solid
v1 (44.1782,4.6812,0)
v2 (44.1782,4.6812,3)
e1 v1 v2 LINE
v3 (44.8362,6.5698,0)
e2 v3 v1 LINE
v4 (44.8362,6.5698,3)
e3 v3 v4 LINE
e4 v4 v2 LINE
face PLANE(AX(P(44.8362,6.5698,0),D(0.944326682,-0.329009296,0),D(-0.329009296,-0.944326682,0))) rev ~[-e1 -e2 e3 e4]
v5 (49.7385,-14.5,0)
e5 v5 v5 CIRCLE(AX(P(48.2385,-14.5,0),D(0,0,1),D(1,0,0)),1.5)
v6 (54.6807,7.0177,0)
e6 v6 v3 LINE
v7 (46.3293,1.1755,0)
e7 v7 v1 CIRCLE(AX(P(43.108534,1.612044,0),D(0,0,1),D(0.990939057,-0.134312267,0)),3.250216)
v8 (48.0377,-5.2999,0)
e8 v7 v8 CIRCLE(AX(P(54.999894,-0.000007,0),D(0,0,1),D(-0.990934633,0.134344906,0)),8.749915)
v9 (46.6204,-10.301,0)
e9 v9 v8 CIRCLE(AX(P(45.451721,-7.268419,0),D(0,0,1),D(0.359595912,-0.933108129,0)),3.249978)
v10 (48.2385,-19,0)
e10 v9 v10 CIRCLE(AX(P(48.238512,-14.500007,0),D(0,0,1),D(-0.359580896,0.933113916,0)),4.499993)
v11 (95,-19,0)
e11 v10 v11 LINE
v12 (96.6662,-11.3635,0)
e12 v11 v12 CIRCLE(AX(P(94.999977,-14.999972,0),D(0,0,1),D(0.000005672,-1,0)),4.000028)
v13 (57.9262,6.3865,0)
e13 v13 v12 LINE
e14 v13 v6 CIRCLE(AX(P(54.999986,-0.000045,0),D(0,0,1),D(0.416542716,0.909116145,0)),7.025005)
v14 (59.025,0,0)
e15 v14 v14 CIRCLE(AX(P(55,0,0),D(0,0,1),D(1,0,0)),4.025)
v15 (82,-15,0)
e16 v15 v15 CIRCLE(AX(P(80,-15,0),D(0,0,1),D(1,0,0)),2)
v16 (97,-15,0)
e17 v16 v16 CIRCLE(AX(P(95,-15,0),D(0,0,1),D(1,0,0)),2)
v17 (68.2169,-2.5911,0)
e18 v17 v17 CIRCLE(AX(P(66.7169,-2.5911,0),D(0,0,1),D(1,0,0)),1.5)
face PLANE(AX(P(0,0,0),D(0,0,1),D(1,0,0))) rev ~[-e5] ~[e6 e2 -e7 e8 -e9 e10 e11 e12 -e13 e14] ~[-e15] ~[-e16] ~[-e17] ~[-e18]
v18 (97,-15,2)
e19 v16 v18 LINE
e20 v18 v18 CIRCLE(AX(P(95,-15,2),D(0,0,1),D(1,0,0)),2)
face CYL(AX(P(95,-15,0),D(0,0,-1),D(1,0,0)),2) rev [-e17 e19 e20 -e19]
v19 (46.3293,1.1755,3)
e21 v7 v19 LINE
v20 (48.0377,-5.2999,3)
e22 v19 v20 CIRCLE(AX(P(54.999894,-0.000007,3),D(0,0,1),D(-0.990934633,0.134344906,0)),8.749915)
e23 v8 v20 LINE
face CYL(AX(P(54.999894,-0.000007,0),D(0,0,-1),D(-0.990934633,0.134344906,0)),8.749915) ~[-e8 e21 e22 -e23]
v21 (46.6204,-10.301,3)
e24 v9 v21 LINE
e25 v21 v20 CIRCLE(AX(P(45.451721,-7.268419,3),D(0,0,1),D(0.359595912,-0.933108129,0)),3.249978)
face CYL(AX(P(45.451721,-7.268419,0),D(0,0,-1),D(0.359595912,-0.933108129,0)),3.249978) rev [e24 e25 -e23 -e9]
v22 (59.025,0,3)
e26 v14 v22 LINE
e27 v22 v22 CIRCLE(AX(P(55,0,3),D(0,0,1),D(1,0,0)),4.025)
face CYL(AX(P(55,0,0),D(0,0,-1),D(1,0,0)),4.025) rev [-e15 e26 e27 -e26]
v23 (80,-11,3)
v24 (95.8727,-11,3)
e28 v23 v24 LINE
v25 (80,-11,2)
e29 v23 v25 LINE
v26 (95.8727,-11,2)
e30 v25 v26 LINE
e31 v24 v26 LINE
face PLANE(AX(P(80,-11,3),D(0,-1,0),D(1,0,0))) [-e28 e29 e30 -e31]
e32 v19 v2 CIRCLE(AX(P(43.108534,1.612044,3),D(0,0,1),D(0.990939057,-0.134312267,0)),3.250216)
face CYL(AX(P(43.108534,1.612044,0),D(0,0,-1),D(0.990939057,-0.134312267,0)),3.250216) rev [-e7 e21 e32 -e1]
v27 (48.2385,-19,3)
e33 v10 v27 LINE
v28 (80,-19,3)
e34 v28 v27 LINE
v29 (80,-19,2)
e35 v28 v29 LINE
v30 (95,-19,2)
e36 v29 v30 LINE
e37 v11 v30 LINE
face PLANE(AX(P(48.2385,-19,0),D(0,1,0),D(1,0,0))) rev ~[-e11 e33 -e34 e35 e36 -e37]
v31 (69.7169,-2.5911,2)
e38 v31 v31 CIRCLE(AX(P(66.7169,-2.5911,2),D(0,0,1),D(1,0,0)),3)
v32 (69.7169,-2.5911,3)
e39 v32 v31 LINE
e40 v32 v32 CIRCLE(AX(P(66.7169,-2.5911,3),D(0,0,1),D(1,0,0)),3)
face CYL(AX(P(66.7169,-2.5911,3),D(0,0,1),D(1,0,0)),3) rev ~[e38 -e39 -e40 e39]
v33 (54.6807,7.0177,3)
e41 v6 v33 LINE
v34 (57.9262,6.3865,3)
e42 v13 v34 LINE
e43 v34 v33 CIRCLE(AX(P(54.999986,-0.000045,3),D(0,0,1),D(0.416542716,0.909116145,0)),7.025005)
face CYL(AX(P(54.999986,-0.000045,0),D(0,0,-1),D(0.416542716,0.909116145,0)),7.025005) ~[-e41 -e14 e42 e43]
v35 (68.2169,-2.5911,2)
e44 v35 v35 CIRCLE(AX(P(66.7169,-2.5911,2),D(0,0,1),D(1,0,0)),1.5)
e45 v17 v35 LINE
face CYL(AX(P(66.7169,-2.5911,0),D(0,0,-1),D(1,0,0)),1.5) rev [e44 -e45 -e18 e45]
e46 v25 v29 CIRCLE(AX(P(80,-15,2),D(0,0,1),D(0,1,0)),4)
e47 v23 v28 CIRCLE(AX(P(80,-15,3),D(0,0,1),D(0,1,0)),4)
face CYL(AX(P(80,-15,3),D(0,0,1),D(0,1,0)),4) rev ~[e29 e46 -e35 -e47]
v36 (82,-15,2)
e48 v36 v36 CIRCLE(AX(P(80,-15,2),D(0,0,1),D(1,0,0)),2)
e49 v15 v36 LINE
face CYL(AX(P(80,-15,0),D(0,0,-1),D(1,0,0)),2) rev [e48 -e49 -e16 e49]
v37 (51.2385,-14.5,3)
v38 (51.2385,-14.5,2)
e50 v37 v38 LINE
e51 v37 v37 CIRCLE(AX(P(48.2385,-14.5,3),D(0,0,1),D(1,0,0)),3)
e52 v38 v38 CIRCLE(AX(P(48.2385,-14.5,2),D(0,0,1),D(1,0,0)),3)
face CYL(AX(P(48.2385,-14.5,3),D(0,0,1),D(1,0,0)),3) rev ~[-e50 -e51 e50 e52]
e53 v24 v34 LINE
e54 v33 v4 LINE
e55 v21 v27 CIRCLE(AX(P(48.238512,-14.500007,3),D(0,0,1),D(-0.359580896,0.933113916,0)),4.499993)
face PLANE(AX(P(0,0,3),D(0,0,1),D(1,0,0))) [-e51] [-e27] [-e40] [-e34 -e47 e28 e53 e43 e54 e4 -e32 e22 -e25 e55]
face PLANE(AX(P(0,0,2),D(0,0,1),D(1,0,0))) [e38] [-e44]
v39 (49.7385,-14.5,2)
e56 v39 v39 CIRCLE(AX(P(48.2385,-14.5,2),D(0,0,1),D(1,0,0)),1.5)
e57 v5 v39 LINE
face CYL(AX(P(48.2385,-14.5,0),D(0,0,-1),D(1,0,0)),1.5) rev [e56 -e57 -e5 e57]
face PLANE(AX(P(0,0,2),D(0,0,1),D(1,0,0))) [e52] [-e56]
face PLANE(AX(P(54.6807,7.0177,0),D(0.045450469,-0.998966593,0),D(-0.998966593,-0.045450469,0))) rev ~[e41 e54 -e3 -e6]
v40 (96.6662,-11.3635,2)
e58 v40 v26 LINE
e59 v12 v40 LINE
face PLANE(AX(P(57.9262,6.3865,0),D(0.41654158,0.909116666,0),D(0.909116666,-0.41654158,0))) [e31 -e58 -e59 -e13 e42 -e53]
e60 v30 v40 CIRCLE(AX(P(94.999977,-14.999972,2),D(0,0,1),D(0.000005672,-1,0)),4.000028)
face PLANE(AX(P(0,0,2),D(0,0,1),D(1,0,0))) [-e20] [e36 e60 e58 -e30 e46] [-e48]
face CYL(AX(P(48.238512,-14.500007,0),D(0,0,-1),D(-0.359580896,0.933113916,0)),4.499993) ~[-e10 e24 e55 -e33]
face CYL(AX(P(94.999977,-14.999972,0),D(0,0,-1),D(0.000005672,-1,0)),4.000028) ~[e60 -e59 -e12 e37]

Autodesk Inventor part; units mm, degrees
ref_plane "YZ Plane" through (0, 0, 0) normal (1, 0, 0) x (0, 1, 0)
ref_plane "XZ Plane" through (0, 0, 0) normal (0, 1, 0) x (-1, 0, 0)
ref_plane "XY Plane" through (0, 0, 0) normal (0, 0, 1) x (1, 0, 0)
sketch "スケッチ2" plane through (0, 0, 0) normal (0, 0, 1) x (1, 0, 0)
  circle A0 centre (0, 0) radius 2
  circle A1 centre (15, 0) radius 2
  arc A2 (-0.2273, 4.9948) -> (-2.9263, -4.0542) centre (0, 0) ccw
  circle A3 centre (55, 0) radius 1.5
  circle A4 centre (55, 0) radius 4.025
  arc A5 (57.9262, 6.3865) -> (54.6807, 7.0177) centre (55, 0) ccw
  arc A6 (46.6204, -10.301) -> (48.0377, -5.2999) centre (45.4517, -7.2684) ccw
  circle A7 centre (95, -15) radius 2
  circle A8 centre (80, -15) radius 2
  arc A9 (95, -19) -> (96.6662, -11.3635) centre (95, -15) ccw
  line L0 (48.2385, -19) -> (80, -19)
  line L1 (57.9262, 6.3865) -> (96.6662, -11.3635)
  arc A10 (46.3293, 1.1755) -> (48.0377, -5.2999) centre (55, 0) ccw
  arc A11 (62.367, -1.4063) -> (54.6591, 7.4922) centre (55, 0) ccw
  line L2 (-0.2273, 4.9948) -> (54.6591, 7.4922)
  circle A12 centre (13, -10) radius 1.5
  arc A13 (10.3663, -13.6488) -> (12.3637, -14.4548) centre (13, -10) ccw
  line L3 (-2.9263, -4.0542) -> (10.3663, -13.6488)
  arc A14 (54.3637, -20.4538) -> (59.4202, -16.8428) centre (55, -15.999) ccw
  line L4 (12.3637, -14.4548) -> (54.3637, -20.4538)
  line L5 (59.4202, -16.8428) -> (62.367, -1.4063)
  circle A15 centre (66.7169, -2.5911) radius 1.5
  circle A16 centre (66.7169, -2.5911) radius 4.5 construction
  circle A17 centre (48.2385, -14.5) radius 1.5
  arc A18 (46.6204, -10.301) -> (48.2385, -19) centre (48.2385, -14.5) ccw
  line L6 (358.0202, -11) -> (380, -19)
  circle A19 centre (348.0202, -15) radius 1.25
  circle A20 centre (333.0202, -15) radius 1.25
  circle A21 centre (318.0202, -15) radius 1.25
  circle A22 centre (303.0202, -15) radius 1.25
  line L7 (80, -11) -> (207.8755, -11)
  line L8 (358.0202, -11) -> (248.9511, -11)
  arc A23 (213.7823, -10) -> (213.8378, -11) centre (210.8567, -10.6639) ccw
  line L9 (213.7823, -10) -> (214.7761, -9.8894)
  line L10 (213.8378, -11) -> (214.8378, -11)
  line L11 (219.357, -11) -> (218.357, -11)
  line L12 (218.2737, -9.5) -> (219.2676, -9.3894)
  line L13 (222.8762, -11) -> (223.8762, -11)
  line L14 (222.7652, -9) -> (223.7591, -8.8894)
  arc A24 (214.8378, -11) -> (218.357, -11) centre (216.5974, -10.3453) ccw
  arc A25 (218.2737, -9.5) -> (214.7761, -9.8894) centre (216.5974, -10.3453) ccw
  arc A26 (219.357, -11) -> (222.8762, -11) centre (221.1166, -10.0946) ccw
  arc A27 (222.7652, -9) -> (219.2676, -9.3894) centre (221.1166, -10.0946) ccw
  line L15 (210.8567, -10.6639) -> (233.0155, -9.4343) construction
  arc A28 (223.8762, -11) -> (229.892, -10.6107) centre (226.7628, -8.9308) ccw
  arc A29 (226.8407, -8.7739) -> (223.7591, -8.8894) centre (225.3075, -9.0352) ccw
  arc A30 (226.8407, -8.7739) -> (230.4998, -7.0068) centre (226.5478, -3.4953) ccw
  arc A31 (233.6316, -8.397) -> (230.4998, -7.0068) centre (231.2455, -9.5496) ccw
  arc A32 (235.4619, -12.6053) -> (229.892, -10.6107) centre (230.3136, -18.2076) ccw
  arc A33 (235.4619, -12.6053) -> (239.6511, -11) centre (234.0497, -2.6513) ccw
  arc A34 (259.6965, 4.4867) -> (265.8152, 14.9495) centre (248.2498, 18.2013) ccw
  arc A35 (220.191, -4.195) -> (265.8152, 14.9495) centre (219.3797, 61.6752) ccw
  line L16 (220.191, -4.195) -> (207.615, -4.3499)
  arc A36 (196.7777, -11) -> (207.615, -4.3499) centre (196.7777, 1.1554) ccw
  line L17 (222.8762, -11) -> (240.076, -10.0456) construction
  line L18 (222.7652, -9) -> (239.478, -8.0726) construction
  line L19 (239.6511, -11) -> (240.6511, -11)
  arc A37 (240.6511, -11) -> (242.7511, -11) centre (241.7011, -11) ccw
  line L20 (242.7511, -11) -> (243.7511, -11)
  arc A38 (243.7511, -11) -> (245.8511, -11) centre (244.8011, -11) ccw
  line L21 (245.8511, -11) -> (246.8511, -11)
  arc A39 (246.8511, -11) -> (248.9511, -11) centre (247.9011, -11) ccw
  arc A40 (240.735, -6.337) -> (238.7449, -7.0075) centre (239.7428, -6.6807) ccw
  arc A41 (243.5362, -5.2633) -> (241.5809, -6.0291) centre (242.5618, -5.6544) ccw
  arc A42 (246.2823, -4.0554) -> (244.3663, -4.9148) centre (245.3279, -4.4932) ccw
  arc A43 (248.9668, -2.7162) -> (247.0946, -3.6672) centre (248.0347, -3.1996) ccw
  arc A44 (233.6316, -8.397) -> (238.7449, -7.0075) centre (219.9279, 52.1342) ccw
  arc A45 (240.735, -6.337) -> (241.5809, -6.0291) centre (219.9279, 52.1342) ccw
  arc A46 (243.5362, -5.2633) -> (244.3663, -4.9148) centre (219.9279, 52.1342) ccw
  arc A47 (246.2823, -4.0554) -> (247.0946, -3.6672) centre (219.9279, 52.1342) ccw
  arc A48 (248.9668, -2.7162) -> (259.6965, 4.4867) centre (219.9279, 52.1342) ccw
  line L22 (196.7777, -11) -> (196.7777, -15)
  circle A49 centre (200.7777, -15) radius 1.25
  circle A50 centre (215.7777, -15) radius 1.25
  arc A51 (196.7777, -15) -> (200.7777, -19) centre (200.7777, -15) ccw
  arc A52 (215.7777, -19) -> (217.9536, -11.6436) centre (215.7777, -15) ccw
  circle A53 centre (200.7777, -15) radius 1.5
  circle A54 centre (215.7777, -15) radius 1.5
  line L23 (200.7777, -19) -> (215.7777, -19)
  circle A55 centre (45.4517, -7.2684) radius 1.5
  arc A56 (46.3293, 1.1755) -> (44.1782, 4.6812) centre (43.1088, 1.6121) ccw
  line L24 (54.6807, 7.0177) -> (44.8362, 6.5698)
  line L25 (44.8362, 6.5698) -> (44.1782, 4.6812)
  line L26 (80, -19) -> (95, -19)
  dimension "d81" = 4
  dimension "d82" = 4
  dimension "d83" = 15
  dimension "d84" = 3
  dimension "d85" = 3
  dimension "d86" = 8.05
  dimension "d87" = 3
  dimension "d88" = 6.5
  dimension "d89" = 4
  dimension "d90" = 4
  dimension "d91" = 15
  dimension "d92" = 15
  dimension "d93" = 3
  dimension "d94" = 3
  dimension "d95" = 3
  dimension "d96" = 40
  dimension "d97" = 40
  dimension "d98" = 15
  dimension "d99" = 13
  dimension "d100" = 3
  dimension "d101" = 3
  dimension "d102" = 3
  dimension "d104" = 380
  dimension "d106" = 4
  dimension "d108" = 2.5
  dimension "d109" = 2.5
  dimension "d110" = 2.5
  dimension "d111" = 2.5
  dimension "d113" = 15
  dimension "d114" = 15
  dimension "d115" = 15
  dimension "d116" = 10
  dimension "d117" = 6
  dimension "d118" = 1
  dimension "d119" = 1.5
  dimension "d120" = 1
  dimension "d121" = 1
  dimension "d122" = 1
  dimension "d123" = 2
  dimension "d124" = 1
  dimension "d125" = 1.0015
  dimension "d126" = 1.0015
  dimension "d127" = 0.7511
  dimension "d128" = 0.7511
  dimension "d129" = 3.176
  dimension "d130" = 3.176
  dimension "d131" = 1.05
  dimension "d132" = 1.05
  dimension "d133" = 1.05
  dimension "d134" = 1
  dimension "d135" = 1
  dimension "d136" = 1
  dimension "d137" = 2.1
  dimension "d138" = 2.1
  dimension "d139" = 2.1
  dimension "d140" = 2.1
  dimension "d141" = 3
  dimension "d142" = 3
  dimension "d143" = 3
  dimension "d144" = 2.5
  dimension "d145" = 2.5
  dimension "d146" = 15
  dimension "d148" = 8
  dimension "d149" = 8
extrude "押し出し2" add sketch "スケッチ2" along normal blind 3 contours A11 L5 A14 L0 A18 A6 A10 A56 L25 L24 A5 L1 | L1 A9 L26 L0 A14 L5 A11
sketch "スケッチ3" plane through (0, 0, 3) normal (0, 0, 1) x (1, 0, 0)
  circle A0 centre (55, 0) radius 4.025 projected
  circle A1 centre (80, -15) radius 2 projected
  circle A2 centre (95, -15) radius 2 projected
  circle A3 centre (48.2385, -14.5) radius 1.5 projected
  circle A4 centre (66.7169, -2.5911) radius 1.5 projected
  arc A5 (57.9262, 6.3865) -> (54.6807, 7.0177) centre (55, 0) ccw projected
  line L0 (54.6807, 7.0177) -> (44.8362, 6.5698) projected
  line L1 (44.8362, 6.5698) -> (44.1782, 4.6812) projected
  arc A6 (46.3293, 1.1755) -> (44.1782, 4.6812) centre (43.1088, 1.6121) ccw projected
  arc A7 (46.3293, 1.1755) -> (48.0377, -5.2999) centre (55, 0) ccw projected
  arc A8 (46.6204, -10.301) -> (48.0377, -5.2999) centre (45.4517, -7.2684) ccw projected
  arc A9 (46.6204, -10.301) -> (48.2385, -19) centre (48.2385, -14.5) ccw projected
  line L2 (48.2385, -19) -> (95, -19) projected
  arc A10 (95, -19) -> (96.6662, -11.3635) centre (95, -15) ccw projected
  line L3 (96.6662, -11.3635) -> (57.9262, 6.3865) projected
  arc A11 (80, -11) -> (80, -19) centre (80, -15) ccw
  line L4 (80, -19) -> (95, -19)
  line L5 (48.2385, -19) -> (95, -19) projected
  line L6 (80, -11) -> (95.8727, -11)
  circle A12 centre (66.7169, -2.5911) radius 3
  circle A13 centre (48.2385, -14.5) radius 3
  point P0 (0, 0)
  dimension "d164" = 6
  dimension "d165" = 6
extrude "押し出し3" cut sketch "スケッチ3" against normal blind 1 contours L3 A10 L2 A11 L6 | A12 | A13
sketch "スケッチ4" plane through (0, 0, 3) normal (0, 0, 1) x (1, 0, 0)
  circle A0 centre (95, -15) radius 2 projected
  circle A1 centre (80, -15) radius 2 projected
  arc A2 (95, -19) -> (96.6662, -11.3635) centre (95, -15) ccw projected
  line L0 (95.8727, -11) -> (96.6662, -11.3635) projected
  line L1 (80, -11) -> (95.8727, -11) projected
  arc A3 (80, -11) -> (80, -19) centre (80, -15) ccw projected
  line L2 (95, -19) -> (80, -19) projected
  circle A4 centre (55, 0) radius 4.025 projected
  circle A5 centre (80, -15) radius 2 projected
  circle A6 centre (95, -15) radius 2 projected
  circle A7 centre (48.2385, -14.5) radius 1.5 projected
  circle A8 centre (66.7169, -2.5911) radius 1.5 projected
  arc A9 (57.9262, 6.3865) -> (54.6807, 7.0177) centre (55, 0) ccw projected
  line L3 (96.6662, -11.3635) -> (57.9262, 6.3865) projected
  arc A10 (95, -19) -> (96.6662, -11.3635) centre (95, -15) ccw projected
  line L4 (48.2385, -19) -> (95, -19) projected
  arc A11 (46.6204, -10.301) -> (48.2385, -19) centre (48.2385, -14.5) ccw projected
  arc A12 (46.6204, -10.301) -> (48.0377, -5.2999) centre (45.4517, -7.2684) ccw projected
  arc A13 (46.3293, 1.1755) -> (48.0377, -5.2999) centre (55, 0) ccw projected
  arc A14 (46.3293, 1.1755) -> (44.1782, 4.6812) centre (43.1088, 1.6121) ccw projected
  line L5 (44.8362, 6.5698) -> (44.1782, 4.6812) projected
  line L6 (54.6807, 7.0177) -> (44.8362, 6.5698) projected
  circle A15 centre (66.7169, -2.5911) radius 3 projected
  circle A16 centre (48.2385, -14.5) radius 3 projected
  point P0 (0, 0)
equation "\"d126\" = d125"
equation "\"d128\" = d127"
equation "\"d130\" = d129"
properties part number "ロッド根本２" material "ポリカーボネート、クリア"
